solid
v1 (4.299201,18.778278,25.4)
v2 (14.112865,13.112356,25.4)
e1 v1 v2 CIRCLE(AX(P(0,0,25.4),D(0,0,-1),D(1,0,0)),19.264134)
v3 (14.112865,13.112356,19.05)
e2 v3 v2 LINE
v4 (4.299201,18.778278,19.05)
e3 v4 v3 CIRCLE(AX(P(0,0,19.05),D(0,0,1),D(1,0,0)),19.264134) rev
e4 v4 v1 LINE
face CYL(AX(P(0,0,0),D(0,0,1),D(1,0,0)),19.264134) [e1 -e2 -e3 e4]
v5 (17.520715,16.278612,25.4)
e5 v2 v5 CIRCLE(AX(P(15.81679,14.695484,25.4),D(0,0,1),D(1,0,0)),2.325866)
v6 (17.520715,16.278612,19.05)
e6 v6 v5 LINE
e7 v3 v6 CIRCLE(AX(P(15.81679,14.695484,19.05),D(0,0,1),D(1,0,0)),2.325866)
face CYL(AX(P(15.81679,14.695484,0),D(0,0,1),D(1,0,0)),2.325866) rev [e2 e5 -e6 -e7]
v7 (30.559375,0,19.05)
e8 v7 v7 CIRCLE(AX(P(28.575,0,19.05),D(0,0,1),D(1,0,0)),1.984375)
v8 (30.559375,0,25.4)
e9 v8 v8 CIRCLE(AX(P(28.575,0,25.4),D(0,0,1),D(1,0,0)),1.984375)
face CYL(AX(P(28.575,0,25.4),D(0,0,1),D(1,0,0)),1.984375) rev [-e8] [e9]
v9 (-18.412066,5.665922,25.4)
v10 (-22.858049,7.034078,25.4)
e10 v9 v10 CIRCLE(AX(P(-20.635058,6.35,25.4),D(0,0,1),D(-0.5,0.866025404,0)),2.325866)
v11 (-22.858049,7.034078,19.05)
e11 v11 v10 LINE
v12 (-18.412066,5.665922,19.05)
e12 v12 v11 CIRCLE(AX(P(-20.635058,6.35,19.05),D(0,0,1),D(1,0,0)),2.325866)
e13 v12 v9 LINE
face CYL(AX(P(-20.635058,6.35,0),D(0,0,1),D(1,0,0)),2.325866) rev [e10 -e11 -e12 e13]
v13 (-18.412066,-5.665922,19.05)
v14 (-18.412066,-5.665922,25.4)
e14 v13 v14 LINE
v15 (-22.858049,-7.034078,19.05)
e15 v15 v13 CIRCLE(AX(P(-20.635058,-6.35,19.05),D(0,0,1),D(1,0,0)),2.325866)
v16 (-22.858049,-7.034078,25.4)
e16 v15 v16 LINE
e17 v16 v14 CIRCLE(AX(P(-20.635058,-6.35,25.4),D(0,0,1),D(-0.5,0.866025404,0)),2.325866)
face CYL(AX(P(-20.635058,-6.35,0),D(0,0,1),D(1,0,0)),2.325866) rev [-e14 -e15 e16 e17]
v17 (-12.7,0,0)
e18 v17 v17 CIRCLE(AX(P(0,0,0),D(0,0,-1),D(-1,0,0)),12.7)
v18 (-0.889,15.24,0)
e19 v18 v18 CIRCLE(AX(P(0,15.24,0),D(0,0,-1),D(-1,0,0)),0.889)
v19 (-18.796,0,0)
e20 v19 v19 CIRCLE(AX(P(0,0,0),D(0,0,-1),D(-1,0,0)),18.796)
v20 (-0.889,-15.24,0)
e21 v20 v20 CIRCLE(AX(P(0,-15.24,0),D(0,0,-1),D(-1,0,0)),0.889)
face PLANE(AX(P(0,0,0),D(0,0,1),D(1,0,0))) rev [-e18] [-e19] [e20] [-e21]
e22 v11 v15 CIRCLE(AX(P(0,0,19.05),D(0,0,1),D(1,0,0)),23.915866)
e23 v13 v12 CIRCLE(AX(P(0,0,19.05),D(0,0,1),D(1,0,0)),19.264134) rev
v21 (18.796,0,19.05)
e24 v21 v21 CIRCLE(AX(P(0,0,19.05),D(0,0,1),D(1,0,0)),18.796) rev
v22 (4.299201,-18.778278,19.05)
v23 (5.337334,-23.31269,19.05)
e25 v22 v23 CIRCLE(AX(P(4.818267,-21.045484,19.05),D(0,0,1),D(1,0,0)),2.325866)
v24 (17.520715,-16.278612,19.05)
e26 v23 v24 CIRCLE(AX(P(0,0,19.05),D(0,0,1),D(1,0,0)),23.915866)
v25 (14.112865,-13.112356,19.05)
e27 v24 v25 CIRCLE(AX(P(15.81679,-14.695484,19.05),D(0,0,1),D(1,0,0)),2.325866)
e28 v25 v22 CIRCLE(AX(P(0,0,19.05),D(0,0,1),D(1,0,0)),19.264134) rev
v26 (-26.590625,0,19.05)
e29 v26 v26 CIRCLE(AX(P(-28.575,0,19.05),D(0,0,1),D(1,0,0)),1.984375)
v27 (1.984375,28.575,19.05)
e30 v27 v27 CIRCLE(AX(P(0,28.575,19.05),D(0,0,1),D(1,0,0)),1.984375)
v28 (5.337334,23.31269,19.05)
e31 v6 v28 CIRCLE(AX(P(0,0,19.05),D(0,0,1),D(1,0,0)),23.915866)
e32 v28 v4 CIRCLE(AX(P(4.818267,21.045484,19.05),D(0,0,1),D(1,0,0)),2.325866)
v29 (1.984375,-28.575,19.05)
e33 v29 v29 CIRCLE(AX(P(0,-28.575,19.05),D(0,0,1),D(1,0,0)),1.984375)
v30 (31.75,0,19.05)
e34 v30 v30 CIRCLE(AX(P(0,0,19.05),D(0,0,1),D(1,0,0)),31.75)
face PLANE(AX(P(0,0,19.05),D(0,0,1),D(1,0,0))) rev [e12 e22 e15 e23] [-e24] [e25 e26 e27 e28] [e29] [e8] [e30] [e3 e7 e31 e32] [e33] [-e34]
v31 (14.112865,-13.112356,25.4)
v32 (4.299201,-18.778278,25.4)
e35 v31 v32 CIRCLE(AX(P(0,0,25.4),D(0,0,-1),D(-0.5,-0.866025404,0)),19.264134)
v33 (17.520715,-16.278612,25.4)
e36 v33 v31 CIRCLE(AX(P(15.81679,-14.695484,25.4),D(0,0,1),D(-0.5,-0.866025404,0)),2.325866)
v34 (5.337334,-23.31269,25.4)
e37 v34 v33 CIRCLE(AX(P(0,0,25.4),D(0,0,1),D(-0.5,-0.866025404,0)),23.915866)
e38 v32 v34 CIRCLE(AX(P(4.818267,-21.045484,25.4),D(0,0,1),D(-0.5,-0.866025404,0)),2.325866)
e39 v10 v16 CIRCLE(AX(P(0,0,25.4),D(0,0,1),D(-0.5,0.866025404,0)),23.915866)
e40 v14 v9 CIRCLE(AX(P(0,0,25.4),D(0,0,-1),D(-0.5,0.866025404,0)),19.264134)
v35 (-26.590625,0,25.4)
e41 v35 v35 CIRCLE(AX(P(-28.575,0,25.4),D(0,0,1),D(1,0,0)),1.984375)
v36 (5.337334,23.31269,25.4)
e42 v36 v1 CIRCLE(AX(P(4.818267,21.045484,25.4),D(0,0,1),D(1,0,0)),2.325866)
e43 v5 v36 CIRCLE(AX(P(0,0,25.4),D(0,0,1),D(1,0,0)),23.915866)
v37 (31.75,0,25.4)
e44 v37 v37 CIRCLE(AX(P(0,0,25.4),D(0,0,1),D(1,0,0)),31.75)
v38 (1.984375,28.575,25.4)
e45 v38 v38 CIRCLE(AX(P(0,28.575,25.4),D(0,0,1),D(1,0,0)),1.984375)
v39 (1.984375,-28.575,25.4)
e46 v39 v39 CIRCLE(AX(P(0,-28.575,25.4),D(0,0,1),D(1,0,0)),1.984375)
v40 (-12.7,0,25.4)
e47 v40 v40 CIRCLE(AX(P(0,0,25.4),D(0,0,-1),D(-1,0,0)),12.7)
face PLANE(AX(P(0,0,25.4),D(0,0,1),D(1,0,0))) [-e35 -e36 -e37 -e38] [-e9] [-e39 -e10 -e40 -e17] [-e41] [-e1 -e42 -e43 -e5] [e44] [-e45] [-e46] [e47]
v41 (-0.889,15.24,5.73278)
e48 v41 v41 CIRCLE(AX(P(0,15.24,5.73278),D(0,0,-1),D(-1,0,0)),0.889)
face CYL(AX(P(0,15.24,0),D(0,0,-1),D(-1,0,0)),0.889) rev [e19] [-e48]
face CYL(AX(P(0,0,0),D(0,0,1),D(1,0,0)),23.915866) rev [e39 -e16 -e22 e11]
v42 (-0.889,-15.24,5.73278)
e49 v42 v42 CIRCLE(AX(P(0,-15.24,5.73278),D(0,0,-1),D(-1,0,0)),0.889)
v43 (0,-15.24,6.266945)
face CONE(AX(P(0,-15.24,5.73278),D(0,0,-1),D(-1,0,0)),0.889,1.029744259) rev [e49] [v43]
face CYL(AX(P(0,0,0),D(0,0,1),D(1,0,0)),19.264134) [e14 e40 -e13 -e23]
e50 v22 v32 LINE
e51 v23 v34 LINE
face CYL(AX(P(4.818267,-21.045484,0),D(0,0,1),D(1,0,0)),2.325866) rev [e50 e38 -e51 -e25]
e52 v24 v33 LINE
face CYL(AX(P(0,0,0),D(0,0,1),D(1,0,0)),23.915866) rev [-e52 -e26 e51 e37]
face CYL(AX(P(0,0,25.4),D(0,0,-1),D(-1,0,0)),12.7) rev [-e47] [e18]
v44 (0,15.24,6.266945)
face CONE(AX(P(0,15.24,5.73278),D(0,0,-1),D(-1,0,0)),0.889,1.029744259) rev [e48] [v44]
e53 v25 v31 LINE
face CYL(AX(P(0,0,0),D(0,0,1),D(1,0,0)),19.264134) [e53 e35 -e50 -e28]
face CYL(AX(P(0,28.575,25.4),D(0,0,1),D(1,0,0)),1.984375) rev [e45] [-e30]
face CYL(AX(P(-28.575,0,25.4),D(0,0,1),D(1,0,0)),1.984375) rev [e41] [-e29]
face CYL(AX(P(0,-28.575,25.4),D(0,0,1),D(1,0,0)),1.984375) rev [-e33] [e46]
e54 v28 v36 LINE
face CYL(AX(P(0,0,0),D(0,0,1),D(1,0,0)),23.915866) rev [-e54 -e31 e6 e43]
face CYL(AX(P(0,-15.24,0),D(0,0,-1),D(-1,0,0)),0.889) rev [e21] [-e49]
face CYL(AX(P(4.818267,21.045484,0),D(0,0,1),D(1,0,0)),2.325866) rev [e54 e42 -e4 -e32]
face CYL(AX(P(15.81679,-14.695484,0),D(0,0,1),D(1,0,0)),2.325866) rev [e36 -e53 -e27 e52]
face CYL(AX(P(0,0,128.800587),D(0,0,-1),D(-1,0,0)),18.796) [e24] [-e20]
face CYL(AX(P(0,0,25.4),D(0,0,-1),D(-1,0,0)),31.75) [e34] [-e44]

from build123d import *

# Parameters (mm, degrees)
SKETCH1_R                       = 31.75
BOSS_EXTRUDE1_DEPTH             = 25.4
SKETCH2_OUTSIDE_W               = 84.166
SKETCH2_OUTSIDE_H               = 84.166
SKETCH2_OUTSIDE_R               = 18.796
CUT_EXTRUDE1_DEPTH              = 19.05
SKETCH3_R                       = 12.7
CUT_EXTRUDE2_DEPTH              = 26.4
F_2_56_TAPPED_HOLE1_D           = 1.778
F_2_56_TAPPED_HOLE1_DEPTH       = 5.73278
F_2_56_TAPPED_HOLE1_TIP         = 0.53416509
F_5_32_0_15625_DIAMETER_HOLE1_D = 3.96875
MIRROR2_COPY_1_D                = 3.96875
MIRROR2_COPY_2_D                = 3.96875
CUT_EXTRUDE3_DEPTH              = 26.4
CIRPATTERN1_COUNT               = 3
SKETCH10_R                      = 10.16
SKETCH10_R_2                    = 7.9375
CUT_EXTRUDE4_DEPTH              = 3.175


with BuildPart() as part:
    # Sketch1 → Boss-Extrude1 (new body)
    with BuildSketch(Plane.XY):
        Circle(SKETCH1_R)
    extrude(amount=BOSS_EXTRUDE1_DEPTH)

    # Sketch2 outside → Cut-Extrude1 (cut)
    with BuildSketch(Plane(origin=(0, 0, 0), x_dir=(-1, 0, 0), z_dir=(0, 0, -1))):
        Rectangle(SKETCH2_OUTSIDE_W, SKETCH2_OUTSIDE_H)
        Circle(SKETCH2_OUTSIDE_R, mode=Mode.SUBTRACT)
    extrude(amount=-CUT_EXTRUDE1_DEPTH, mode=Mode.SUBTRACT)

    # Sketch3 → Cut-Extrude2 (cut, through all)
    with BuildSketch(Plane(origin=(0, 0, 0), x_dir=(-1, 0, 0), z_dir=(0, 0, -1))):
        Circle(SKETCH3_R)
    extrude(amount=-CUT_EXTRUDE2_DEPTH, mode=Mode.SUBTRACT)

    # #2-56 Tapped Hole1
    with Locations(Plane(origin=(0, 0, 0), x_dir=(-1, 0, 0), z_dir=(0, 0, -1))):
        with Locations((0, 15.24), (0, -15.24)):
            Hole(F_2_56_TAPPED_HOLE1_D / 2, depth=F_2_56_TAPPED_HOLE1_DEPTH)
            with Locations((0, 0, -(F_2_56_TAPPED_HOLE1_DEPTH + F_2_56_TAPPED_HOLE1_TIP / 2))):  # 118° drill point
                Cone(0, F_2_56_TAPPED_HOLE1_D / 2, F_2_56_TAPPED_HOLE1_TIP, mode=Mode.SUBTRACT)

    # 5/32 (0.15625) Diameter Hole1 (through all)
    with Locations(Plane.XY.offset(25.4)):
        with Locations((0, 28.575), (28.575, 0)):
            f_5_32_0_15625_diameter_hole1 = Hole(F_5_32_0_15625_DIAMETER_HOLE1_D / 2)

    # Mirror1: 5/32 (0.15625) Diameter Hole1 across plane
    add(f_5_32_0_15625_diameter_hole1.mirror(Plane.ZX), mode=Mode.SUBTRACT)

    # Mirror2 copy 1 (through all)
    with Locations(Plane(origin=(0, 0, 25.4), x_dir=(-1, 0, 0), z_dir=(0, 0, 1))):
        with Locations((0, 28.575), (28.575, 0)):
            Hole(MIRROR2_COPY_1_D / 2)

    # Mirror2 copy 2 (through all)
    with Locations(Plane(origin=(0, 0, 25.4), x_dir=(-1, 0, 0), z_dir=(0, 0, 1))):
        with Locations((0, -28.575), (28.575, 0)):
            Hole(MIRROR2_COPY_2_D / 2)

    # Sketch9 → Cut-Extrude3 (cut, through all)
    with BuildSketch(Plane.XY.offset(25.4)):
        with BuildLine():
            ThreePointArc((17.520714904, 16.278611836), (11.957933079, 20.711747646), (5.337333936, 23.312690118))
            ThreePointArc((5.337333936, 23.312690118), (2.551061387, 21.564550521), (4.299200984, 18.778277972))
            ThreePointArc((4.299200984, 18.778277972), (9.632066921, 16.683229289), (14.112865271, 13.112356254))
            ThreePointArc((14.112865271, 13.112356254), (17.399917879, 12.991559228), (17.520714904, 16.278611836))
        make_face()
    cut_extrude3 = extrude(amount=-CUT_EXTRUDE3_DEPTH, mode=Mode.SUBTRACT)

    # CirPattern1: Cut-Extrude3 ×3 about axis
    cirpattern1_axis = Axis((0, 0, 0), (0, 0, 1))
    for i in range(1, CIRPATTERN1_COUNT):
        add(cut_extrude3.rotate(cirpattern1_axis, i * 360 / CIRPATTERN1_COUNT), mode=Mode.SUBTRACT)

    # Sketch10 → Cut-Extrude4 (cut)
    with BuildSketch(Plane(origin=(0, 0, 0), x_dir=(-1, 0, 0), z_dir=(0, 0, -1))):
        Circle(SKETCH10_R)
        Circle(SKETCH10_R_2, mode=Mode.SUBTRACT)
    extrude(amount=-CUT_EXTRUDE4_DEPTH, mode=Mode.SUBTRACT)


solid = part.part
